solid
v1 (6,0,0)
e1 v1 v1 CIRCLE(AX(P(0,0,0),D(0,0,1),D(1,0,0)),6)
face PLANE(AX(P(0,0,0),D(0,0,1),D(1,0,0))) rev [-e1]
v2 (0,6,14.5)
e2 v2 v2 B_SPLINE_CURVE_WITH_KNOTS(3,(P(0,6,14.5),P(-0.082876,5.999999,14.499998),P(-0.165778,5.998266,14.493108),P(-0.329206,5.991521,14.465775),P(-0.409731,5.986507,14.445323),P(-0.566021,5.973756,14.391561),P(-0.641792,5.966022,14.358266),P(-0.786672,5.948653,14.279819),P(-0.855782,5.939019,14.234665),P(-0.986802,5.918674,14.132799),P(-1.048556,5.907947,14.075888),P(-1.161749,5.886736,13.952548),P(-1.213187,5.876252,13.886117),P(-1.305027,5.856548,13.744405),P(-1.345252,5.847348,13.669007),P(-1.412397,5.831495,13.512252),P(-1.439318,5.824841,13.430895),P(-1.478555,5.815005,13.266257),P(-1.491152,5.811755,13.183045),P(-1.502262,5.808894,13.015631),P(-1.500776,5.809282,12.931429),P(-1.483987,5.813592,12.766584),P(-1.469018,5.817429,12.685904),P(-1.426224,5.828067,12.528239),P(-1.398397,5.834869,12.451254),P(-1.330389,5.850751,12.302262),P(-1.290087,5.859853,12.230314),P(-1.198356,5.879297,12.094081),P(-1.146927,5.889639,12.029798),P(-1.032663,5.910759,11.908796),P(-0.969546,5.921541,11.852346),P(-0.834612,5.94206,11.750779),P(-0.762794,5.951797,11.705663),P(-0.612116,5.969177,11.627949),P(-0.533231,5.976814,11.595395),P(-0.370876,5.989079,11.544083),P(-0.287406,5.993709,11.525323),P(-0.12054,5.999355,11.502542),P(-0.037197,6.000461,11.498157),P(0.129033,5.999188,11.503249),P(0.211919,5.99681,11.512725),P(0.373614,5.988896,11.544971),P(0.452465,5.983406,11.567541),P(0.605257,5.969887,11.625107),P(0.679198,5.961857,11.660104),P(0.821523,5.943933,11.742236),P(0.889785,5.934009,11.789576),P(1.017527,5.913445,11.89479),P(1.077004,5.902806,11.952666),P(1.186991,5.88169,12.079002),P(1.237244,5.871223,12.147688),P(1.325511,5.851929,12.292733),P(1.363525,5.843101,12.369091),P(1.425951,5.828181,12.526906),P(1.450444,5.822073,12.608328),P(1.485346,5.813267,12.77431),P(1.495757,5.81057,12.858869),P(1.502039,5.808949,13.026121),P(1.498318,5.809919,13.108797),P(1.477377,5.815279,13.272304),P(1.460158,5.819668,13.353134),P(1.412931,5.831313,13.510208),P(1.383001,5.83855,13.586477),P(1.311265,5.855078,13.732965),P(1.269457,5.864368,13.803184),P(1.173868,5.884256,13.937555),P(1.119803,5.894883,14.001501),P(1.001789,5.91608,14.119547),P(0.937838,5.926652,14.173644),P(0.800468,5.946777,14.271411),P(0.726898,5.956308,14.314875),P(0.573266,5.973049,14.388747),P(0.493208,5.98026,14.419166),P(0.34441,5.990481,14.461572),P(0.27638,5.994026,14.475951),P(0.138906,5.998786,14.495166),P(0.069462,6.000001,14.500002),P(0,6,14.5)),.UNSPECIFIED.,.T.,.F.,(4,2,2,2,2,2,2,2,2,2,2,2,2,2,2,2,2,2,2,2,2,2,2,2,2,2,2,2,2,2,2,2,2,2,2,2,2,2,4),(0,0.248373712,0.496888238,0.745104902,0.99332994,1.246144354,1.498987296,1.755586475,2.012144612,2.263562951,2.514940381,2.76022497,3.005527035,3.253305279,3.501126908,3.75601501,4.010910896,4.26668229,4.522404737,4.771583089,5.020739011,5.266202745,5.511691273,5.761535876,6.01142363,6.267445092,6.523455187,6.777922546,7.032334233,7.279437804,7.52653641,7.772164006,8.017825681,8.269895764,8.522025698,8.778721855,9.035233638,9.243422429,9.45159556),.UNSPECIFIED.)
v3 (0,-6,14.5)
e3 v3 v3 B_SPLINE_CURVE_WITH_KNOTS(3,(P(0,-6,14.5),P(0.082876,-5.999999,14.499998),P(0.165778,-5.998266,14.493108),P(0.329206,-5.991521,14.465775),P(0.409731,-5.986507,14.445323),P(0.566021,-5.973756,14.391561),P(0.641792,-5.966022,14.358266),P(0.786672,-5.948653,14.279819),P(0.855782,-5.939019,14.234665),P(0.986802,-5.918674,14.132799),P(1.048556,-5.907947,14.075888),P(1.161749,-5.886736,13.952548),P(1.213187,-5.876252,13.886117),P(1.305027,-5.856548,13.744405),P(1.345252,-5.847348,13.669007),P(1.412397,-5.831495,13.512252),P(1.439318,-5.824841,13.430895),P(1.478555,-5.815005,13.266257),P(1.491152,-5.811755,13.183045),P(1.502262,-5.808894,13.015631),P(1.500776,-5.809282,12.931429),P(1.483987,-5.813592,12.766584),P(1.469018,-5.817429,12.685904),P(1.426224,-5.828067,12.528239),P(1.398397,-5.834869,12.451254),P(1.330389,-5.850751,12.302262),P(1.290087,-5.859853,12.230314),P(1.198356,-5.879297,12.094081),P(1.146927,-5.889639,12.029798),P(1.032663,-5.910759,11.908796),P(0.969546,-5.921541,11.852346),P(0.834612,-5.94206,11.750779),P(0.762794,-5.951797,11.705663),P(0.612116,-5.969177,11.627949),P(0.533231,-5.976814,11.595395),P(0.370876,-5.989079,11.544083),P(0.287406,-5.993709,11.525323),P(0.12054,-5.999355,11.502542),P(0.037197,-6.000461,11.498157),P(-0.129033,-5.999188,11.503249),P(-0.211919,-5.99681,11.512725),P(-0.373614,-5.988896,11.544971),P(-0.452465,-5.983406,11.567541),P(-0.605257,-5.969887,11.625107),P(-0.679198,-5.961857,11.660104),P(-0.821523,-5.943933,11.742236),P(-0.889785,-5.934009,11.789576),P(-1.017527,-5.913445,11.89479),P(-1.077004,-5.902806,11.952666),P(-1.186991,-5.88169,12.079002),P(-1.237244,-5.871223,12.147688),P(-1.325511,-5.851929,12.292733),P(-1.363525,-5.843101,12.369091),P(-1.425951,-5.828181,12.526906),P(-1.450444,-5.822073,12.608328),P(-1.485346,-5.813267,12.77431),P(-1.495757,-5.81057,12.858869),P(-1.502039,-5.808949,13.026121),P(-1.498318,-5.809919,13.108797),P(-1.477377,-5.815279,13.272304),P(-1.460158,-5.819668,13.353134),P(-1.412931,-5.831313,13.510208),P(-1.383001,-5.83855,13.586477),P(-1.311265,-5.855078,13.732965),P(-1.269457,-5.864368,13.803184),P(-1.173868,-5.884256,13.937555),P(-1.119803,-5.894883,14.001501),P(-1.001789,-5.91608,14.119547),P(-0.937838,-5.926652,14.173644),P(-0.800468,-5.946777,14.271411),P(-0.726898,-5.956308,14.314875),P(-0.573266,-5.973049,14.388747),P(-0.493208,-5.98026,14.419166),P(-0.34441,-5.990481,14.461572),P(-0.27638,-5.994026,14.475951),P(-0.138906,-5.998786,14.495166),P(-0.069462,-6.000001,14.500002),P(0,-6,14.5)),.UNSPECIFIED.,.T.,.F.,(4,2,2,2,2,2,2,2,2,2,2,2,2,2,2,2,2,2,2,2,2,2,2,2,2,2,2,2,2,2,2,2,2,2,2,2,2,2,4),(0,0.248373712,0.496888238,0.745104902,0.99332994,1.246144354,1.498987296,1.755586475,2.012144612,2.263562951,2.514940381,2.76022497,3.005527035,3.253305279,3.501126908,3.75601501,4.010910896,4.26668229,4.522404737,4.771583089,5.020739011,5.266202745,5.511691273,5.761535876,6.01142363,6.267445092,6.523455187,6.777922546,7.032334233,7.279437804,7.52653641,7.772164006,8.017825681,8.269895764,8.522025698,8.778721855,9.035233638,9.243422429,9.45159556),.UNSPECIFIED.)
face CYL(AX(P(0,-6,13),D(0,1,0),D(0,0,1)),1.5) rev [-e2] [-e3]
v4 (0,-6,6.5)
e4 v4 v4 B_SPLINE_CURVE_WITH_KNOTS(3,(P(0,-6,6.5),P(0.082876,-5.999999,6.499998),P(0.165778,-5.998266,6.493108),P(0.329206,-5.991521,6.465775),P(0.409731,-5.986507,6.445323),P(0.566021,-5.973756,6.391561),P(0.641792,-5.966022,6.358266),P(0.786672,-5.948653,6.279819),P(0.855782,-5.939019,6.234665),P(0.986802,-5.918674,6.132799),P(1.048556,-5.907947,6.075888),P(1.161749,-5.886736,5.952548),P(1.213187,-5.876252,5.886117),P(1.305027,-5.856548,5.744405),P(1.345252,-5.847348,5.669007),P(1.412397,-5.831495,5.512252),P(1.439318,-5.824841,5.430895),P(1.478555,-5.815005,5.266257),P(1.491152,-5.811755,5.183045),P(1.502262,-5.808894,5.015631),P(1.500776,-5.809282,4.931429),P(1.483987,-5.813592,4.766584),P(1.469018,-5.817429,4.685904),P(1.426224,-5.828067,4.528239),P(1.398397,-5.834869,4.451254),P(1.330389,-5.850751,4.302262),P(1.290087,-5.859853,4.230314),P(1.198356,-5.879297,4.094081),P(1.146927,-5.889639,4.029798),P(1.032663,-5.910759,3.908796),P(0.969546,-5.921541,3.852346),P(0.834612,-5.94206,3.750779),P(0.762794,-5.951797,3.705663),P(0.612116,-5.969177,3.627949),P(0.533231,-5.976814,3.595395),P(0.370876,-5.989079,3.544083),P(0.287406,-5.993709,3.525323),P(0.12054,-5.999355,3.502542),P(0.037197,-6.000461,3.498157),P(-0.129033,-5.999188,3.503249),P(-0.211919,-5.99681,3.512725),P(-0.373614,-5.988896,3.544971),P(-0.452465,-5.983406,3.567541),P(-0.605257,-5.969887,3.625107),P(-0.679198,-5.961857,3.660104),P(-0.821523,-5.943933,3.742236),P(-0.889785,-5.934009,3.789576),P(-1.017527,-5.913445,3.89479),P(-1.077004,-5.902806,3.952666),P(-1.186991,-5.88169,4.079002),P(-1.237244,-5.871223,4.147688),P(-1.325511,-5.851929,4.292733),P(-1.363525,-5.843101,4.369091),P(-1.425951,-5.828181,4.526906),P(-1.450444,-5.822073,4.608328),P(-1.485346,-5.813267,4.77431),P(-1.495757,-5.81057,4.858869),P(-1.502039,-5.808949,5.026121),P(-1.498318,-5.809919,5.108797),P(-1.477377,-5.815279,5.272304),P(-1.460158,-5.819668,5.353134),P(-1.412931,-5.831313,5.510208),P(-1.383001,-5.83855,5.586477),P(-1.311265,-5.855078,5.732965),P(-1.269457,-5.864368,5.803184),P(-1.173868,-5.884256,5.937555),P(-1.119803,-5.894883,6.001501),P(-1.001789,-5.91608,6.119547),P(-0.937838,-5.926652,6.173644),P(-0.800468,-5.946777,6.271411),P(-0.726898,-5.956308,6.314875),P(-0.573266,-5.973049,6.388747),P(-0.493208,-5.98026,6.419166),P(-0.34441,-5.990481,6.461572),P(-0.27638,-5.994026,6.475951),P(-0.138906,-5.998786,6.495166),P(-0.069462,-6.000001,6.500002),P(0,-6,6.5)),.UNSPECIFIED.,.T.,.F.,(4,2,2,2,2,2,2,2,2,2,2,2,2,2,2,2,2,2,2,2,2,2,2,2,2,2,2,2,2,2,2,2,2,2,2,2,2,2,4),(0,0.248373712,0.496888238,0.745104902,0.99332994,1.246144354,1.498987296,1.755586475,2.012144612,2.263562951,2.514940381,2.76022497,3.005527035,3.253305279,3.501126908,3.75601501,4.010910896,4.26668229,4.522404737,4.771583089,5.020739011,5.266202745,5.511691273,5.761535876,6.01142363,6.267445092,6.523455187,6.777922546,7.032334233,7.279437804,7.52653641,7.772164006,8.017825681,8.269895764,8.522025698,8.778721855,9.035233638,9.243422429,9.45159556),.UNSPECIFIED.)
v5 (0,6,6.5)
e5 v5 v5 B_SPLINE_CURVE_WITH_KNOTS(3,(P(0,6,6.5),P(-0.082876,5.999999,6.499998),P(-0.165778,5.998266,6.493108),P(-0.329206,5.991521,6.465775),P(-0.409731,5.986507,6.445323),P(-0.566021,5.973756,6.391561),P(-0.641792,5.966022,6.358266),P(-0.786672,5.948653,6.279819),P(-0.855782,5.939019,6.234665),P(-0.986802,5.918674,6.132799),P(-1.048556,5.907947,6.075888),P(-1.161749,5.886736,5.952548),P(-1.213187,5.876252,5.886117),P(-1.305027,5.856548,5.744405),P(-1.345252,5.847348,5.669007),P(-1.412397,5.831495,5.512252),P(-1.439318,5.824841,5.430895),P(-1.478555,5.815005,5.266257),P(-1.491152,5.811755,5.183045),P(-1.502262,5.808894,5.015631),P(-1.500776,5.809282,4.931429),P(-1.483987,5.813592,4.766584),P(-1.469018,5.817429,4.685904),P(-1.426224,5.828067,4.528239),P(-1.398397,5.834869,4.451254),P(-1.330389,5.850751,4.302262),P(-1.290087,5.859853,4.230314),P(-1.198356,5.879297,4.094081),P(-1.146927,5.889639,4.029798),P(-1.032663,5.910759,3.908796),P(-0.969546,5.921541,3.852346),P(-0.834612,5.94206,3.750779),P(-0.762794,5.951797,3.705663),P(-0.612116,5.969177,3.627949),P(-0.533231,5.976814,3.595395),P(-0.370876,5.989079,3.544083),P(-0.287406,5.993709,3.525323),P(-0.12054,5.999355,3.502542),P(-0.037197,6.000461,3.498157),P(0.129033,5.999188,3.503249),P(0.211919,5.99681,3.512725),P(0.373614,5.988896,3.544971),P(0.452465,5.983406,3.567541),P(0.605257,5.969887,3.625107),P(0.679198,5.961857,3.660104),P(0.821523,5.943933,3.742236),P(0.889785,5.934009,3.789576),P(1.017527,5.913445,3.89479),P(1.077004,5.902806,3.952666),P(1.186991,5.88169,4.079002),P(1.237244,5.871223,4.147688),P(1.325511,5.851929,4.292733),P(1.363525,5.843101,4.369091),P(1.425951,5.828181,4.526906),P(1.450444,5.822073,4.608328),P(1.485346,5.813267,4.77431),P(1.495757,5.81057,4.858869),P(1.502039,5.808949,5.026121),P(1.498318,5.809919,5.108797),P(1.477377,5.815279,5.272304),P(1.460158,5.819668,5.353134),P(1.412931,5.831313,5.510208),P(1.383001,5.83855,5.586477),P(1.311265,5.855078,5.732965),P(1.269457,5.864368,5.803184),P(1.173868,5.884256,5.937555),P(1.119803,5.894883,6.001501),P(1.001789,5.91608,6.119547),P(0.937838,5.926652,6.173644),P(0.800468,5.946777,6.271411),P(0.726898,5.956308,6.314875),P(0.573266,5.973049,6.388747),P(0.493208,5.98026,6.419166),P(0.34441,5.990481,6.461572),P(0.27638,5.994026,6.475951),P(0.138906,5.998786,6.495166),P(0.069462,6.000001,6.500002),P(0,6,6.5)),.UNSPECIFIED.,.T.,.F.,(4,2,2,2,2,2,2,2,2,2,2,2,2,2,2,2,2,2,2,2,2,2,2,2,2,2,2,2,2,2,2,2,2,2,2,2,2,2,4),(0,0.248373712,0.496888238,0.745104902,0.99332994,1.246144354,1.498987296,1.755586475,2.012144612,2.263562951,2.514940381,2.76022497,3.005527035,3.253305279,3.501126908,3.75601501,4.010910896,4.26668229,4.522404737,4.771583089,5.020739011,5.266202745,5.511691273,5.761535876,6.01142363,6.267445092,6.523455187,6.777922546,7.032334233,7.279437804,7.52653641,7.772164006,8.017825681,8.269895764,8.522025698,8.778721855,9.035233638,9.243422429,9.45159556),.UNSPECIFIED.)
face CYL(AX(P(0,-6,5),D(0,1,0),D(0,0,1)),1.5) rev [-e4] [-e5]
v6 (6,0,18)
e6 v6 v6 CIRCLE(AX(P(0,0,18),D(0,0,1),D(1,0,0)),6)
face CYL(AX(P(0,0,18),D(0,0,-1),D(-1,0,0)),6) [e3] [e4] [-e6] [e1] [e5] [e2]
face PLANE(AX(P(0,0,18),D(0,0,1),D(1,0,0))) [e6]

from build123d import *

# Parameters (mm, degrees)
SKETCH_1_R               = 6
EXTRUDE_1_DEPTH          = 18
CUT_EXTRUDE_1_DEPTH      = 20.899748742
CUT_EXTRUDE_1_DEPTH_BACK = 20.899748742
SKETCH_2_R               = 1.5


with BuildPart() as part:
    # 草图1 → 凸台-拉伸1 (new body)
    with BuildSketch(Plane.XY):
        Circle(SKETCH_1_R)
    extrude(amount=EXTRUDE_1_DEPTH)

    # 草图2 → 切除-拉伸1 (cut, two sides: drawn at the far end of the back side and taken through both)
    with BuildSketch(Plane(origin=(0, 0, 0), x_dir=(1, 0, 0), z_dir=(0, 1, 0)).offset(-CUT_EXTRUDE_1_DEPTH_BACK)):
        with Locations(Location((0, -5, 0), (0, 0, 270))):
            Circle(SKETCH_2_R)
        with Locations(Location((0, -13, 0), (0, 0, 270))):
            Circle(SKETCH_2_R)
    extrude(amount=CUT_EXTRUDE_1_DEPTH + CUT_EXTRUDE_1_DEPTH_BACK, mode=Mode.SUBTRACT)


solid = part.part
